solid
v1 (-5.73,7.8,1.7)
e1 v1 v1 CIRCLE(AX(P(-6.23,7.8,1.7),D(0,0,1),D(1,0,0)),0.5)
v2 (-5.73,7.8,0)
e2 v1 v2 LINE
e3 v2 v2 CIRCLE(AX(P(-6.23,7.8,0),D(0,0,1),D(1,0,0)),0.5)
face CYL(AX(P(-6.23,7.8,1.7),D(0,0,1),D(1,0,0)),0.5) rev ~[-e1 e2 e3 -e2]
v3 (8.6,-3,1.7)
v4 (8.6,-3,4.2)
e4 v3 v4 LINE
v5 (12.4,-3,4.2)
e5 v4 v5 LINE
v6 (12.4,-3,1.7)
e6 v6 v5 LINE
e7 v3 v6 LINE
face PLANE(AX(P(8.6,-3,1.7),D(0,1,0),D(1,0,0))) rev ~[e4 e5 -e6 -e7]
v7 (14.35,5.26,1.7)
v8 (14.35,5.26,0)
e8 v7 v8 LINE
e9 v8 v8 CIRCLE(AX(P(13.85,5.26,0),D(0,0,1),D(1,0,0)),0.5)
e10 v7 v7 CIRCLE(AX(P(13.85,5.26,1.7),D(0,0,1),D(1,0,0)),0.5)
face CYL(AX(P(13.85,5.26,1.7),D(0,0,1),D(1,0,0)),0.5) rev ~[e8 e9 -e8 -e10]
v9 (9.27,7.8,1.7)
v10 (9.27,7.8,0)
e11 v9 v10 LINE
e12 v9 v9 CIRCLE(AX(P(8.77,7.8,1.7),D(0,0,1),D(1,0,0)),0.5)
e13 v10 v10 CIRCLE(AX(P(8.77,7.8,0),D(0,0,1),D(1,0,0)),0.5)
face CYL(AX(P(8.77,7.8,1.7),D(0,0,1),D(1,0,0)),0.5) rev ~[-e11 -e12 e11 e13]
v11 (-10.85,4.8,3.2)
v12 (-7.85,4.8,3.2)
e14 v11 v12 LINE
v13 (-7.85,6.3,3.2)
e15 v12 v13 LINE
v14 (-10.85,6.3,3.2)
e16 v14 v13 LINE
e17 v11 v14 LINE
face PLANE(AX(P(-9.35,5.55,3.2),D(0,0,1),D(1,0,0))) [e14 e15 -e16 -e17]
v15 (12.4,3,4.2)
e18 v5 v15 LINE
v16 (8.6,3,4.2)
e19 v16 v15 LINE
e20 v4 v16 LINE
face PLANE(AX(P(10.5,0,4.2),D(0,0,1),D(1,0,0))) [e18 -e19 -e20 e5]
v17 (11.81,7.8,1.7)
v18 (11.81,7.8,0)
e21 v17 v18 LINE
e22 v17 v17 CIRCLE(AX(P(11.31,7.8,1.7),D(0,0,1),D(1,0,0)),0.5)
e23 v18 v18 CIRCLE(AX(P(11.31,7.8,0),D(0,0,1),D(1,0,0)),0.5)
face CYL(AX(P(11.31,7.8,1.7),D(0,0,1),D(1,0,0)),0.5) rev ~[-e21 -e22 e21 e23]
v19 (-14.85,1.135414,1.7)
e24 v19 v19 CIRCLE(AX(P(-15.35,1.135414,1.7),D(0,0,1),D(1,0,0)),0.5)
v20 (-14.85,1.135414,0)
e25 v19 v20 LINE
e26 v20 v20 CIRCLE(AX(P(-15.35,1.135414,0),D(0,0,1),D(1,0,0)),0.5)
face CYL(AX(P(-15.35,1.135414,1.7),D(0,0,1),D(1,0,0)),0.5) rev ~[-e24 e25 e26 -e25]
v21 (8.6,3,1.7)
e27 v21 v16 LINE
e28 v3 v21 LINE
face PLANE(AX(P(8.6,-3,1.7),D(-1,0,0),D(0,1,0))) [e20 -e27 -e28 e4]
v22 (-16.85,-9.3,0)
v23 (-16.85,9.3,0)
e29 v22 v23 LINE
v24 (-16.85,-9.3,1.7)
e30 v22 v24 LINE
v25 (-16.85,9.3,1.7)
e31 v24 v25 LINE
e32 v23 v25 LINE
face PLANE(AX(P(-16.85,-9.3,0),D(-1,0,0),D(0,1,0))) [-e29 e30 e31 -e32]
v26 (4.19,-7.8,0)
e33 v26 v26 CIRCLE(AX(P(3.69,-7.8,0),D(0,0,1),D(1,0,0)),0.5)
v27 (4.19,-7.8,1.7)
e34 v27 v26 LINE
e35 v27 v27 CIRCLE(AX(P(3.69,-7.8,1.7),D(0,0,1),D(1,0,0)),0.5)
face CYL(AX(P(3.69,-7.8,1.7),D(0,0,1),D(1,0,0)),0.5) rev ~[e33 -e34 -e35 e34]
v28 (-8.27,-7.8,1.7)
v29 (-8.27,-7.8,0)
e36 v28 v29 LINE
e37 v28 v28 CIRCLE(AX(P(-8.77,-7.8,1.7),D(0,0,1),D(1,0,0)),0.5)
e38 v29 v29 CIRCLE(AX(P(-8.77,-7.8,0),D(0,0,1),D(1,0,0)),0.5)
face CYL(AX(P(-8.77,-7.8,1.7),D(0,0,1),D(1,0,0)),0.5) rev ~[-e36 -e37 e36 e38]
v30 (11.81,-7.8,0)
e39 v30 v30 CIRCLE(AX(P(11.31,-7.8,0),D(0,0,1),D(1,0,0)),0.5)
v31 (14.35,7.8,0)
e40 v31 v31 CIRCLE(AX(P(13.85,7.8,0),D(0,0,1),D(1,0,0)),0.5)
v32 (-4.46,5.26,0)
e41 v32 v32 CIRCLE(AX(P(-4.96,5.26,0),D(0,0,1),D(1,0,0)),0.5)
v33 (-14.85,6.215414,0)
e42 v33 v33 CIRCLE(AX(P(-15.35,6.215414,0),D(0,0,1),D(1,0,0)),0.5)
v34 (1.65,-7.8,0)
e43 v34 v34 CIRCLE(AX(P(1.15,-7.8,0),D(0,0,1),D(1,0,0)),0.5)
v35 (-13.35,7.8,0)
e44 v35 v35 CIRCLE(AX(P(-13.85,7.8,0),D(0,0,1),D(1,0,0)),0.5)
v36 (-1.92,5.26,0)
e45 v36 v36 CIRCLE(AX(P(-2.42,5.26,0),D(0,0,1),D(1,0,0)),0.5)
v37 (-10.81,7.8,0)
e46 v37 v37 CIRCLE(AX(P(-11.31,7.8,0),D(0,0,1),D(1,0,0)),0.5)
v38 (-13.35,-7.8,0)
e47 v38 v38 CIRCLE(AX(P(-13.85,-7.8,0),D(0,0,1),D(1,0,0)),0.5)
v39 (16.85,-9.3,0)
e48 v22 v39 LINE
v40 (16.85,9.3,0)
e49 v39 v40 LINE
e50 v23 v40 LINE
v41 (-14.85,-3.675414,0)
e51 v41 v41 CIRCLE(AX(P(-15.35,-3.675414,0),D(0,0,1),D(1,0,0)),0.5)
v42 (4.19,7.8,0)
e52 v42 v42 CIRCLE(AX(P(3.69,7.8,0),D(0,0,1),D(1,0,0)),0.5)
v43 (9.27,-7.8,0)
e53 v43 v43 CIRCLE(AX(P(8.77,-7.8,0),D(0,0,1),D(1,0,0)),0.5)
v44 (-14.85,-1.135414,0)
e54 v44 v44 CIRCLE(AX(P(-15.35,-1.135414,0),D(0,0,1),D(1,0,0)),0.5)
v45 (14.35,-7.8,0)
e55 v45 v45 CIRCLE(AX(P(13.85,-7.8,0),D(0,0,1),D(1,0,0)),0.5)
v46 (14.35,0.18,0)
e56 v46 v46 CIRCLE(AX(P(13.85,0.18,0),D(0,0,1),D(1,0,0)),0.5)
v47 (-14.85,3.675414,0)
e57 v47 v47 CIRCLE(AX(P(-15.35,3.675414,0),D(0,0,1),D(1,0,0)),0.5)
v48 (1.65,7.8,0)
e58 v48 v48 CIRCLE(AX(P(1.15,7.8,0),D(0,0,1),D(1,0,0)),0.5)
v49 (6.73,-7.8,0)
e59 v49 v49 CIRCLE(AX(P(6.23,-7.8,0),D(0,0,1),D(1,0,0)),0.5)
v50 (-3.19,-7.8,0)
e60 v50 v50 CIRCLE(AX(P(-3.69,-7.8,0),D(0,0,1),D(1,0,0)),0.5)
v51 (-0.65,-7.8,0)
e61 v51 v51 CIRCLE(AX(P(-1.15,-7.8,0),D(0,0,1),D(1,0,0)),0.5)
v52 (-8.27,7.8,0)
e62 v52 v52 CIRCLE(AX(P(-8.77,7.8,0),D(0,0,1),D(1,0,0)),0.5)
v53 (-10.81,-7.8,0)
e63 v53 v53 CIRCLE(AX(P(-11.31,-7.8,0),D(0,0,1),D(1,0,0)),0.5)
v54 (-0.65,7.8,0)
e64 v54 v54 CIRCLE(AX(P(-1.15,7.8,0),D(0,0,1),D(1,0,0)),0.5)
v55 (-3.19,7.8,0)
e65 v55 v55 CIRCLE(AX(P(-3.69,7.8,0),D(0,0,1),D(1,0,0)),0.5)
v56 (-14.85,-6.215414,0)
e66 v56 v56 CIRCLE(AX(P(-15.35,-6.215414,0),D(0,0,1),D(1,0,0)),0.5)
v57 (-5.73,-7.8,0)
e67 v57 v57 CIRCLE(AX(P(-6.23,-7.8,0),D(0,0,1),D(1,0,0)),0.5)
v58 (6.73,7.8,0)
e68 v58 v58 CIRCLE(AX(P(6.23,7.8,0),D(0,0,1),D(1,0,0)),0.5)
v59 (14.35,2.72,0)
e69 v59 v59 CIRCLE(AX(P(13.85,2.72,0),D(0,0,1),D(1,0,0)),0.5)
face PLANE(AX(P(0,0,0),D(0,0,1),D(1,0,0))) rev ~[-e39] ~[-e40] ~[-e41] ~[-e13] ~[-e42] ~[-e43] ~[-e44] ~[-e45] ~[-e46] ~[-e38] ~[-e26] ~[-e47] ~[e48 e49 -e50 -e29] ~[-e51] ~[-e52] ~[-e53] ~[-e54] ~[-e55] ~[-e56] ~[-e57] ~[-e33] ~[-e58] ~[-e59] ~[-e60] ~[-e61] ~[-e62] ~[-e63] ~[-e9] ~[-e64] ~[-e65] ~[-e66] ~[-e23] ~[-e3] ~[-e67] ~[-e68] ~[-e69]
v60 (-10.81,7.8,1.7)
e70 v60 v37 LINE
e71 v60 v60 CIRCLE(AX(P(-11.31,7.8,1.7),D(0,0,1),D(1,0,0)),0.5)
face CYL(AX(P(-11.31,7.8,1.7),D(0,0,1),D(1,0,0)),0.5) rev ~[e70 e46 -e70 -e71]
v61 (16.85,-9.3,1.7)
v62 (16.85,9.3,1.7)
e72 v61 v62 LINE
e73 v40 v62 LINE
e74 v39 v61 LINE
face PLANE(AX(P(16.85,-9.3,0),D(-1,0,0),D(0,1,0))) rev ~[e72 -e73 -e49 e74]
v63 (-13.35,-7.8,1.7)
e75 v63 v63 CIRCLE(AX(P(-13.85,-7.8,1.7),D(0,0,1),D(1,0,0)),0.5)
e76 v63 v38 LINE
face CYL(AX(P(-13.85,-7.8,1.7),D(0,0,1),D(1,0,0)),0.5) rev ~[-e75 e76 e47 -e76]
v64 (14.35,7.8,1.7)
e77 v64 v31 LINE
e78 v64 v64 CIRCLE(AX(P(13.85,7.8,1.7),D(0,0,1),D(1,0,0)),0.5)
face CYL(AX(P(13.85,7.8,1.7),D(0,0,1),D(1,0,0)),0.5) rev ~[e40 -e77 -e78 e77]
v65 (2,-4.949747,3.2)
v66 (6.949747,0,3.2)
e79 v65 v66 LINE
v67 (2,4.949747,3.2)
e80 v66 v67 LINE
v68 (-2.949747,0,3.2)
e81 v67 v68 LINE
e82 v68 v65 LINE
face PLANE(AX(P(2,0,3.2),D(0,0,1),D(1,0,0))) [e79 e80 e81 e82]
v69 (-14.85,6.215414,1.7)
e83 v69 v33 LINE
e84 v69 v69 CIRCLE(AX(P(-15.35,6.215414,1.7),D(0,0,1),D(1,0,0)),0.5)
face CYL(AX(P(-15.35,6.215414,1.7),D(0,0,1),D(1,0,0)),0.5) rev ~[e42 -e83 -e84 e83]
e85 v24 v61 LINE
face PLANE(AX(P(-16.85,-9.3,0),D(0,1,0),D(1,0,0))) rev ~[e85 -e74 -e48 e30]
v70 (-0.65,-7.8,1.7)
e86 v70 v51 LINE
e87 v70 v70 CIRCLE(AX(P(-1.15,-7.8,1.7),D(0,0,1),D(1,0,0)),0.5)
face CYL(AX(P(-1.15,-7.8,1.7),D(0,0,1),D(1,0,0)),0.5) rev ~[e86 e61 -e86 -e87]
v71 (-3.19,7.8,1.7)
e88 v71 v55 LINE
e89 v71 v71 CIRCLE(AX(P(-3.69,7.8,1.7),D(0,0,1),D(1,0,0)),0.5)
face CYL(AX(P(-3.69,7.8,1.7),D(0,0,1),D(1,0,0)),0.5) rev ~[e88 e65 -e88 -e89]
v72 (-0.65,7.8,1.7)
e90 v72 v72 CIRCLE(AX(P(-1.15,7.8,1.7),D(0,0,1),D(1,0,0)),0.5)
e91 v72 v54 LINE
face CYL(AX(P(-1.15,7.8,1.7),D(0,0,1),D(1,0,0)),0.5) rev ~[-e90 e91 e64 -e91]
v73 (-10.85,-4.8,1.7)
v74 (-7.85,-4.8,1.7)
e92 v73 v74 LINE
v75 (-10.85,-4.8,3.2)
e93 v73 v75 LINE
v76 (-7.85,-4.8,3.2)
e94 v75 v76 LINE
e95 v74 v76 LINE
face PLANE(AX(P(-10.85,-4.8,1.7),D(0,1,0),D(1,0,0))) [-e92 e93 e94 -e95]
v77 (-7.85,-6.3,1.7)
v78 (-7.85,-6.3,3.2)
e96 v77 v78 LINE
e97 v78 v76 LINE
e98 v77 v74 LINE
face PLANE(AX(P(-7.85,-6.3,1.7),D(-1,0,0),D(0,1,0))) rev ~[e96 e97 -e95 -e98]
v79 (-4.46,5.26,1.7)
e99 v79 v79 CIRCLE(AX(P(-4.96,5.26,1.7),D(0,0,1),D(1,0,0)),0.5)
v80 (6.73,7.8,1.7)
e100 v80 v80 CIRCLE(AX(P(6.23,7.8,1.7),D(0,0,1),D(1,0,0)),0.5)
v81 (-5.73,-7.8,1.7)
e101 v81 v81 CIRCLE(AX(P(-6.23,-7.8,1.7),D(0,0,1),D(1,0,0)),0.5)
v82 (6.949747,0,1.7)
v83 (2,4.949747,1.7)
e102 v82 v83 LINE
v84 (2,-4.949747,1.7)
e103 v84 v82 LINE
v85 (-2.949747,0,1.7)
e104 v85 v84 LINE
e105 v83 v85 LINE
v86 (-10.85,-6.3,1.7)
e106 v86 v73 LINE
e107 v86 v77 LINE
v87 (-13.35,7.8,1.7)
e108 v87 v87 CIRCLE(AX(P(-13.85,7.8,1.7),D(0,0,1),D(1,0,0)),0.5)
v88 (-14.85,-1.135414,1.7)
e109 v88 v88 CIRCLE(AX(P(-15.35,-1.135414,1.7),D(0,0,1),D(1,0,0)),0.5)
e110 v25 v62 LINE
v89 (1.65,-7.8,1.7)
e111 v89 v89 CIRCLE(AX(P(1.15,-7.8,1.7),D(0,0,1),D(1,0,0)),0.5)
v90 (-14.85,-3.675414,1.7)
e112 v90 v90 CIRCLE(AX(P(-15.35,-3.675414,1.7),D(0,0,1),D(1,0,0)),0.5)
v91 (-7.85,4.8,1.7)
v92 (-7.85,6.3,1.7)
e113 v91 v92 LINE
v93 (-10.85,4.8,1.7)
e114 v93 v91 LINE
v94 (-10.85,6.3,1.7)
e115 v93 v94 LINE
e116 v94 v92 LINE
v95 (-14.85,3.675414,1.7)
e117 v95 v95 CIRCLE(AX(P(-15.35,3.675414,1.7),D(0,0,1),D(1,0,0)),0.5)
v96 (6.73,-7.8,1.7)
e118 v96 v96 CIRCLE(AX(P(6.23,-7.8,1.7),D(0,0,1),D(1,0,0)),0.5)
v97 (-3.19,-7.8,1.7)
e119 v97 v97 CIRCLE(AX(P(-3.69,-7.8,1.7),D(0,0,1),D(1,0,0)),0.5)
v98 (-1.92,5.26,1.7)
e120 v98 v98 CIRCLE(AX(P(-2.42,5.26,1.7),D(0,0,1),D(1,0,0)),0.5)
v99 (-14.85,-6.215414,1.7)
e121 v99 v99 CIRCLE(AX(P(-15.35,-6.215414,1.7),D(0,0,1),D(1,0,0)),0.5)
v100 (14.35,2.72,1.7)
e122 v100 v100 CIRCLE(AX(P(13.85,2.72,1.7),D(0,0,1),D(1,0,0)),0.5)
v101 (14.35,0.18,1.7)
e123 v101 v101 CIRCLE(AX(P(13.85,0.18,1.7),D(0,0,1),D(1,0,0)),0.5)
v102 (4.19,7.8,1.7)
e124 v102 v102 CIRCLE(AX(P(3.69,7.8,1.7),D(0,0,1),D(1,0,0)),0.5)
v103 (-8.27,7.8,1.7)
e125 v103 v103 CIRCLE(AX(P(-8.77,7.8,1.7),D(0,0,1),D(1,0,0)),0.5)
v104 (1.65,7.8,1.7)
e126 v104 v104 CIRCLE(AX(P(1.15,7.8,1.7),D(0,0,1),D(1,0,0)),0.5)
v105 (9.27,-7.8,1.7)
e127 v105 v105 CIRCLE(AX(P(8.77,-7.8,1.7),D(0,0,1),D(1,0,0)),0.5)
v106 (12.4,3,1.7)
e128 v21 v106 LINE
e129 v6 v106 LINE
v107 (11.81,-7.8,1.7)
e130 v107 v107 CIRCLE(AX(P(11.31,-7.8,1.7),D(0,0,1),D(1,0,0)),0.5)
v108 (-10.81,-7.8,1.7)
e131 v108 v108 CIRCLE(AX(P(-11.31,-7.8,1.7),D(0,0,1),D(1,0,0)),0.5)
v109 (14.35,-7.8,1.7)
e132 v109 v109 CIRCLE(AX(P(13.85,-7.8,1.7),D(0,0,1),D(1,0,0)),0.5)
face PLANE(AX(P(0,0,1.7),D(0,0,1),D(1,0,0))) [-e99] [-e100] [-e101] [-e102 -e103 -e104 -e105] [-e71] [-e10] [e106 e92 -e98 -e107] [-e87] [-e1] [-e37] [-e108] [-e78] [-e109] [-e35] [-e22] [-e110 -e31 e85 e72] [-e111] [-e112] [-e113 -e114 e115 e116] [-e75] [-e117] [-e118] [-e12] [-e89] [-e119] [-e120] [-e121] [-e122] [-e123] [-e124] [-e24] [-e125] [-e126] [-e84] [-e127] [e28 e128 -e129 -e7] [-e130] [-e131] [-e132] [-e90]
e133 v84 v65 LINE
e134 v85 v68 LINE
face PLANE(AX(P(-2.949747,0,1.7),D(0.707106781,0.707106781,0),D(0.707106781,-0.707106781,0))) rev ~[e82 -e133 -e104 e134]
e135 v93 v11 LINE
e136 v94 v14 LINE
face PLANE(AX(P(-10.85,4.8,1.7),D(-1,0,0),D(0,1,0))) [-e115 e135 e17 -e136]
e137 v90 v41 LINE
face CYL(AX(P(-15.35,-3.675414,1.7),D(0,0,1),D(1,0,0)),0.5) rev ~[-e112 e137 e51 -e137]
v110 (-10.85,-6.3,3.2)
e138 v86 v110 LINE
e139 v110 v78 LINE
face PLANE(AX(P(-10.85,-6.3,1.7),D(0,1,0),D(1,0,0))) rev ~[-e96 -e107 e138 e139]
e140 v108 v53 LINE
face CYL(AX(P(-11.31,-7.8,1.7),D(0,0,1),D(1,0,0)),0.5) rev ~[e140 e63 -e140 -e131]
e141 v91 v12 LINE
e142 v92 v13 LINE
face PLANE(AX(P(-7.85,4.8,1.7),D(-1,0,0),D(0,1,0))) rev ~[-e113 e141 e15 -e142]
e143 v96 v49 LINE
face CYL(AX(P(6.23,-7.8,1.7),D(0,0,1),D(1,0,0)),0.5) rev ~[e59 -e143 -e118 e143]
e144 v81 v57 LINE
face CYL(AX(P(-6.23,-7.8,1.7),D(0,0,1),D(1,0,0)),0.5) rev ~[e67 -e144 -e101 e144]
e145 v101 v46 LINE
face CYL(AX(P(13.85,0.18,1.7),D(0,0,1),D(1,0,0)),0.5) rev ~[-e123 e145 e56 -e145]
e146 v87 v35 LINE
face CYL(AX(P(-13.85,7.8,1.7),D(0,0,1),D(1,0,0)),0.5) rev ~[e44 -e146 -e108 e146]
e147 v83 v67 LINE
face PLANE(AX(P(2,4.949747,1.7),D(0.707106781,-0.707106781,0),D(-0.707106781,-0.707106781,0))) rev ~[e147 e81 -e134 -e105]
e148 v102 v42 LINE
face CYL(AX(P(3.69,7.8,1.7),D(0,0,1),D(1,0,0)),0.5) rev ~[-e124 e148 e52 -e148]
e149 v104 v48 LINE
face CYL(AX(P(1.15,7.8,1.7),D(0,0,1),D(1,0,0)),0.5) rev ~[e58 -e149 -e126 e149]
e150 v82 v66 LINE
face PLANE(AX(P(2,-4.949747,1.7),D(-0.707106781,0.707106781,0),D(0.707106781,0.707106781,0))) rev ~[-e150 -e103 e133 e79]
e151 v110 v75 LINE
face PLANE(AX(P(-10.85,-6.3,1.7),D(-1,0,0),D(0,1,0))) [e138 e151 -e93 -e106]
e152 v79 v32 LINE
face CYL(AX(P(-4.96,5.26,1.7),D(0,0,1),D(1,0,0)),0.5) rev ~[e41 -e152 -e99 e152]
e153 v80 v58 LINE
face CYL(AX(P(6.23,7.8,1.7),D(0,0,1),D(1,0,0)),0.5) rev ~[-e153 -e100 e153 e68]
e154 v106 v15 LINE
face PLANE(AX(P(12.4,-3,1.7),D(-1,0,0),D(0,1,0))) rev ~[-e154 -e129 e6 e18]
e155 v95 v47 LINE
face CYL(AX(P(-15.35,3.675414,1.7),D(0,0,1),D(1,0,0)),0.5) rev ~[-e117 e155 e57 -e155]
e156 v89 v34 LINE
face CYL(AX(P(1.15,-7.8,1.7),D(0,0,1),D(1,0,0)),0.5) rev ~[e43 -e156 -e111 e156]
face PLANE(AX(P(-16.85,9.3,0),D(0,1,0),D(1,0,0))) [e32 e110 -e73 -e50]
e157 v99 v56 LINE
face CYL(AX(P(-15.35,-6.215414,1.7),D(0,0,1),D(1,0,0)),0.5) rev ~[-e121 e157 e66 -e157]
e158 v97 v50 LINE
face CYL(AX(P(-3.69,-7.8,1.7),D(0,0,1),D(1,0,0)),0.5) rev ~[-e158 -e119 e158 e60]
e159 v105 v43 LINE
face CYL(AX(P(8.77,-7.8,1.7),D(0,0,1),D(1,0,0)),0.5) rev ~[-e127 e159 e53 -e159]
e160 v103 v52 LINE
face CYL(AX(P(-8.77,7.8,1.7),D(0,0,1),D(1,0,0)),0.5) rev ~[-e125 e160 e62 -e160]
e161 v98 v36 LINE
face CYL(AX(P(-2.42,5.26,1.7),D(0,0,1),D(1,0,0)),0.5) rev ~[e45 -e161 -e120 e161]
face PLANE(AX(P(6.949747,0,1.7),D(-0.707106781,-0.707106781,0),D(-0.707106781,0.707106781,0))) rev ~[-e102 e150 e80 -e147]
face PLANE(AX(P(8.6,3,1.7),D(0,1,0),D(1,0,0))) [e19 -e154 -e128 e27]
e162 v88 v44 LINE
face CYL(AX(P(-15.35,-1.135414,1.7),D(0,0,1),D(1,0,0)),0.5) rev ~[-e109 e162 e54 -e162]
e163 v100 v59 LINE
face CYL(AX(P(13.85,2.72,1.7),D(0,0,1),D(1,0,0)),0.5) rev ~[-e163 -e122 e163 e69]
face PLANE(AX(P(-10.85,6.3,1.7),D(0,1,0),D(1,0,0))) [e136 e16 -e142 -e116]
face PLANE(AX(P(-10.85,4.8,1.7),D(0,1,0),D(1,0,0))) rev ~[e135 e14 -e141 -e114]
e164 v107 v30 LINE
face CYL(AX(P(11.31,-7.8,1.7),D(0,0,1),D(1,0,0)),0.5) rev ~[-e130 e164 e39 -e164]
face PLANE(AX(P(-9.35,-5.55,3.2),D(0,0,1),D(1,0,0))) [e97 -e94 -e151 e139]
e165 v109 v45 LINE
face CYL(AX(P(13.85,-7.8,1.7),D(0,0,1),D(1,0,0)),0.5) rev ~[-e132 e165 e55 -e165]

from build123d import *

# Parameters (mm, degrees)
F0_W     = 33.7
F0_H     = 18.6
F1_DEPTH = 1.7
F2_R     = 0.5
F3_DEPTH = 1.701
F5_DEPTH = 1.5
F4_W     = 3.8
F4_H     = 6
F6_DEPTH = 2.5
F4_W_2   = 3
F4_H_2   = 1.5
F7_DEPTH = 1.5


with BuildPart() as f1:
    # F0 (on Top) → F1 (new body)
    with BuildSketch(Plane.XY):
        Rectangle(F0_W, F0_H)
    extrude(amount=F1_DEPTH)

    # F2 (on face) → F3 (cut, through all)
    with BuildSketch(Plane.XY.offset(1.7)):
        with Locations((-13.85, 7.8)):
            Circle(F2_R)
        with Locations((-11.31, 7.8)):
            Circle(F2_R)
        with Locations((-8.77, 7.8)):
            Circle(F2_R)
        with Locations((-6.23, 7.8)):
            Circle(F2_R)
        with Locations((-3.69, 7.8)):
            Circle(F2_R)
        with Locations((-1.15, 7.8)):
            Circle(F2_R)
        with Locations((1.15, 7.8)):
            Circle(F2_R)
        with Locations((3.69, 7.8)):
            Circle(F2_R)
        with Locations((6.23, 7.8)):
            Circle(F2_R)
        with Locations((8.77, 7.8)):
            Circle(F2_R)
        with Locations((11.31, 7.8)):
            Circle(F2_R)
        with Locations((13.85, 7.8)):
            Circle(F2_R)
        with Locations((13.85, -7.8)):
            Circle(F2_R)
        with Locations((11.31, -7.8)):
            Circle(F2_R)
        with Locations((8.77, -7.8)):
            Circle(F2_R)
        with Locations((6.23, -7.8)):
            Circle(F2_R)
        with Locations((3.69, -7.8)):
            Circle(F2_R)
        with Locations((1.15, -7.8)):
            Circle(F2_R)
        with Locations((-1.15, -7.8)):
            Circle(F2_R)
        with Locations((-3.69, -7.8)):
            Circle(F2_R)
        with Locations((-6.23, -7.8)):
            Circle(F2_R)
        with Locations((-8.77, -7.8)):
            Circle(F2_R)
        with Locations((-11.31, -7.8)):
            Circle(F2_R)
        with Locations((-13.85, -7.8)):
            Circle(F2_R)
        with Locations((13.85, 5.26)):
            Circle(F2_R)
        with Locations((13.85, 2.72)):
            Circle(F2_R)
        with Locations((13.85, 0.18)):
            Circle(F2_R)
        with Locations((-15.35, 6.215414)):
            Circle(F2_R)
        with Locations((-15.35, 3.675414)):
            Circle(F2_R)
        with Locations((-15.35, 1.135414)):
            Circle(F2_R)
        with Locations((-15.35, -1.135414)):
            Circle(F2_R)
        with Locations((-15.35, -3.675414)):
            Circle(F2_R)
        with Locations((-15.35, -6.215414)):
            Circle(F2_R)
        with Locations((-4.96, 5.26)):
            Circle(F2_R)
        with Locations((-2.42, 5.26)):
            Circle(F2_R)
    extrude(amount=-F3_DEPTH, mode=Mode.SUBTRACT)

    # F4 (on face) → F5 (join)
    with BuildSketch(Plane.XY.offset(1.7)):
        Polygon((6.949747, 0), (2, 4.949747), (-2.949747, 0), (2, -4.949747), align=None)
    extrude(amount=F5_DEPTH)

    # F4 (on face) → F6 (join)
    with BuildSketch(Plane.XY.offset(1.7)):
        with Locations((10.5, 0)):
            Rectangle(F4_W, F4_H)
    extrude(amount=F6_DEPTH)

    # F4 (on face) → F7 (join)
    with BuildSketch(Plane.XY.offset(1.7)):
        with Locations((-9.35, 5.55)):
            Rectangle(F4_W_2, F4_H_2)
        with Locations((-9.35, -5.55)):
            Rectangle(F4_W_2, F4_H_2)
    extrude(amount=F7_DEPTH)


solid = f1.part
